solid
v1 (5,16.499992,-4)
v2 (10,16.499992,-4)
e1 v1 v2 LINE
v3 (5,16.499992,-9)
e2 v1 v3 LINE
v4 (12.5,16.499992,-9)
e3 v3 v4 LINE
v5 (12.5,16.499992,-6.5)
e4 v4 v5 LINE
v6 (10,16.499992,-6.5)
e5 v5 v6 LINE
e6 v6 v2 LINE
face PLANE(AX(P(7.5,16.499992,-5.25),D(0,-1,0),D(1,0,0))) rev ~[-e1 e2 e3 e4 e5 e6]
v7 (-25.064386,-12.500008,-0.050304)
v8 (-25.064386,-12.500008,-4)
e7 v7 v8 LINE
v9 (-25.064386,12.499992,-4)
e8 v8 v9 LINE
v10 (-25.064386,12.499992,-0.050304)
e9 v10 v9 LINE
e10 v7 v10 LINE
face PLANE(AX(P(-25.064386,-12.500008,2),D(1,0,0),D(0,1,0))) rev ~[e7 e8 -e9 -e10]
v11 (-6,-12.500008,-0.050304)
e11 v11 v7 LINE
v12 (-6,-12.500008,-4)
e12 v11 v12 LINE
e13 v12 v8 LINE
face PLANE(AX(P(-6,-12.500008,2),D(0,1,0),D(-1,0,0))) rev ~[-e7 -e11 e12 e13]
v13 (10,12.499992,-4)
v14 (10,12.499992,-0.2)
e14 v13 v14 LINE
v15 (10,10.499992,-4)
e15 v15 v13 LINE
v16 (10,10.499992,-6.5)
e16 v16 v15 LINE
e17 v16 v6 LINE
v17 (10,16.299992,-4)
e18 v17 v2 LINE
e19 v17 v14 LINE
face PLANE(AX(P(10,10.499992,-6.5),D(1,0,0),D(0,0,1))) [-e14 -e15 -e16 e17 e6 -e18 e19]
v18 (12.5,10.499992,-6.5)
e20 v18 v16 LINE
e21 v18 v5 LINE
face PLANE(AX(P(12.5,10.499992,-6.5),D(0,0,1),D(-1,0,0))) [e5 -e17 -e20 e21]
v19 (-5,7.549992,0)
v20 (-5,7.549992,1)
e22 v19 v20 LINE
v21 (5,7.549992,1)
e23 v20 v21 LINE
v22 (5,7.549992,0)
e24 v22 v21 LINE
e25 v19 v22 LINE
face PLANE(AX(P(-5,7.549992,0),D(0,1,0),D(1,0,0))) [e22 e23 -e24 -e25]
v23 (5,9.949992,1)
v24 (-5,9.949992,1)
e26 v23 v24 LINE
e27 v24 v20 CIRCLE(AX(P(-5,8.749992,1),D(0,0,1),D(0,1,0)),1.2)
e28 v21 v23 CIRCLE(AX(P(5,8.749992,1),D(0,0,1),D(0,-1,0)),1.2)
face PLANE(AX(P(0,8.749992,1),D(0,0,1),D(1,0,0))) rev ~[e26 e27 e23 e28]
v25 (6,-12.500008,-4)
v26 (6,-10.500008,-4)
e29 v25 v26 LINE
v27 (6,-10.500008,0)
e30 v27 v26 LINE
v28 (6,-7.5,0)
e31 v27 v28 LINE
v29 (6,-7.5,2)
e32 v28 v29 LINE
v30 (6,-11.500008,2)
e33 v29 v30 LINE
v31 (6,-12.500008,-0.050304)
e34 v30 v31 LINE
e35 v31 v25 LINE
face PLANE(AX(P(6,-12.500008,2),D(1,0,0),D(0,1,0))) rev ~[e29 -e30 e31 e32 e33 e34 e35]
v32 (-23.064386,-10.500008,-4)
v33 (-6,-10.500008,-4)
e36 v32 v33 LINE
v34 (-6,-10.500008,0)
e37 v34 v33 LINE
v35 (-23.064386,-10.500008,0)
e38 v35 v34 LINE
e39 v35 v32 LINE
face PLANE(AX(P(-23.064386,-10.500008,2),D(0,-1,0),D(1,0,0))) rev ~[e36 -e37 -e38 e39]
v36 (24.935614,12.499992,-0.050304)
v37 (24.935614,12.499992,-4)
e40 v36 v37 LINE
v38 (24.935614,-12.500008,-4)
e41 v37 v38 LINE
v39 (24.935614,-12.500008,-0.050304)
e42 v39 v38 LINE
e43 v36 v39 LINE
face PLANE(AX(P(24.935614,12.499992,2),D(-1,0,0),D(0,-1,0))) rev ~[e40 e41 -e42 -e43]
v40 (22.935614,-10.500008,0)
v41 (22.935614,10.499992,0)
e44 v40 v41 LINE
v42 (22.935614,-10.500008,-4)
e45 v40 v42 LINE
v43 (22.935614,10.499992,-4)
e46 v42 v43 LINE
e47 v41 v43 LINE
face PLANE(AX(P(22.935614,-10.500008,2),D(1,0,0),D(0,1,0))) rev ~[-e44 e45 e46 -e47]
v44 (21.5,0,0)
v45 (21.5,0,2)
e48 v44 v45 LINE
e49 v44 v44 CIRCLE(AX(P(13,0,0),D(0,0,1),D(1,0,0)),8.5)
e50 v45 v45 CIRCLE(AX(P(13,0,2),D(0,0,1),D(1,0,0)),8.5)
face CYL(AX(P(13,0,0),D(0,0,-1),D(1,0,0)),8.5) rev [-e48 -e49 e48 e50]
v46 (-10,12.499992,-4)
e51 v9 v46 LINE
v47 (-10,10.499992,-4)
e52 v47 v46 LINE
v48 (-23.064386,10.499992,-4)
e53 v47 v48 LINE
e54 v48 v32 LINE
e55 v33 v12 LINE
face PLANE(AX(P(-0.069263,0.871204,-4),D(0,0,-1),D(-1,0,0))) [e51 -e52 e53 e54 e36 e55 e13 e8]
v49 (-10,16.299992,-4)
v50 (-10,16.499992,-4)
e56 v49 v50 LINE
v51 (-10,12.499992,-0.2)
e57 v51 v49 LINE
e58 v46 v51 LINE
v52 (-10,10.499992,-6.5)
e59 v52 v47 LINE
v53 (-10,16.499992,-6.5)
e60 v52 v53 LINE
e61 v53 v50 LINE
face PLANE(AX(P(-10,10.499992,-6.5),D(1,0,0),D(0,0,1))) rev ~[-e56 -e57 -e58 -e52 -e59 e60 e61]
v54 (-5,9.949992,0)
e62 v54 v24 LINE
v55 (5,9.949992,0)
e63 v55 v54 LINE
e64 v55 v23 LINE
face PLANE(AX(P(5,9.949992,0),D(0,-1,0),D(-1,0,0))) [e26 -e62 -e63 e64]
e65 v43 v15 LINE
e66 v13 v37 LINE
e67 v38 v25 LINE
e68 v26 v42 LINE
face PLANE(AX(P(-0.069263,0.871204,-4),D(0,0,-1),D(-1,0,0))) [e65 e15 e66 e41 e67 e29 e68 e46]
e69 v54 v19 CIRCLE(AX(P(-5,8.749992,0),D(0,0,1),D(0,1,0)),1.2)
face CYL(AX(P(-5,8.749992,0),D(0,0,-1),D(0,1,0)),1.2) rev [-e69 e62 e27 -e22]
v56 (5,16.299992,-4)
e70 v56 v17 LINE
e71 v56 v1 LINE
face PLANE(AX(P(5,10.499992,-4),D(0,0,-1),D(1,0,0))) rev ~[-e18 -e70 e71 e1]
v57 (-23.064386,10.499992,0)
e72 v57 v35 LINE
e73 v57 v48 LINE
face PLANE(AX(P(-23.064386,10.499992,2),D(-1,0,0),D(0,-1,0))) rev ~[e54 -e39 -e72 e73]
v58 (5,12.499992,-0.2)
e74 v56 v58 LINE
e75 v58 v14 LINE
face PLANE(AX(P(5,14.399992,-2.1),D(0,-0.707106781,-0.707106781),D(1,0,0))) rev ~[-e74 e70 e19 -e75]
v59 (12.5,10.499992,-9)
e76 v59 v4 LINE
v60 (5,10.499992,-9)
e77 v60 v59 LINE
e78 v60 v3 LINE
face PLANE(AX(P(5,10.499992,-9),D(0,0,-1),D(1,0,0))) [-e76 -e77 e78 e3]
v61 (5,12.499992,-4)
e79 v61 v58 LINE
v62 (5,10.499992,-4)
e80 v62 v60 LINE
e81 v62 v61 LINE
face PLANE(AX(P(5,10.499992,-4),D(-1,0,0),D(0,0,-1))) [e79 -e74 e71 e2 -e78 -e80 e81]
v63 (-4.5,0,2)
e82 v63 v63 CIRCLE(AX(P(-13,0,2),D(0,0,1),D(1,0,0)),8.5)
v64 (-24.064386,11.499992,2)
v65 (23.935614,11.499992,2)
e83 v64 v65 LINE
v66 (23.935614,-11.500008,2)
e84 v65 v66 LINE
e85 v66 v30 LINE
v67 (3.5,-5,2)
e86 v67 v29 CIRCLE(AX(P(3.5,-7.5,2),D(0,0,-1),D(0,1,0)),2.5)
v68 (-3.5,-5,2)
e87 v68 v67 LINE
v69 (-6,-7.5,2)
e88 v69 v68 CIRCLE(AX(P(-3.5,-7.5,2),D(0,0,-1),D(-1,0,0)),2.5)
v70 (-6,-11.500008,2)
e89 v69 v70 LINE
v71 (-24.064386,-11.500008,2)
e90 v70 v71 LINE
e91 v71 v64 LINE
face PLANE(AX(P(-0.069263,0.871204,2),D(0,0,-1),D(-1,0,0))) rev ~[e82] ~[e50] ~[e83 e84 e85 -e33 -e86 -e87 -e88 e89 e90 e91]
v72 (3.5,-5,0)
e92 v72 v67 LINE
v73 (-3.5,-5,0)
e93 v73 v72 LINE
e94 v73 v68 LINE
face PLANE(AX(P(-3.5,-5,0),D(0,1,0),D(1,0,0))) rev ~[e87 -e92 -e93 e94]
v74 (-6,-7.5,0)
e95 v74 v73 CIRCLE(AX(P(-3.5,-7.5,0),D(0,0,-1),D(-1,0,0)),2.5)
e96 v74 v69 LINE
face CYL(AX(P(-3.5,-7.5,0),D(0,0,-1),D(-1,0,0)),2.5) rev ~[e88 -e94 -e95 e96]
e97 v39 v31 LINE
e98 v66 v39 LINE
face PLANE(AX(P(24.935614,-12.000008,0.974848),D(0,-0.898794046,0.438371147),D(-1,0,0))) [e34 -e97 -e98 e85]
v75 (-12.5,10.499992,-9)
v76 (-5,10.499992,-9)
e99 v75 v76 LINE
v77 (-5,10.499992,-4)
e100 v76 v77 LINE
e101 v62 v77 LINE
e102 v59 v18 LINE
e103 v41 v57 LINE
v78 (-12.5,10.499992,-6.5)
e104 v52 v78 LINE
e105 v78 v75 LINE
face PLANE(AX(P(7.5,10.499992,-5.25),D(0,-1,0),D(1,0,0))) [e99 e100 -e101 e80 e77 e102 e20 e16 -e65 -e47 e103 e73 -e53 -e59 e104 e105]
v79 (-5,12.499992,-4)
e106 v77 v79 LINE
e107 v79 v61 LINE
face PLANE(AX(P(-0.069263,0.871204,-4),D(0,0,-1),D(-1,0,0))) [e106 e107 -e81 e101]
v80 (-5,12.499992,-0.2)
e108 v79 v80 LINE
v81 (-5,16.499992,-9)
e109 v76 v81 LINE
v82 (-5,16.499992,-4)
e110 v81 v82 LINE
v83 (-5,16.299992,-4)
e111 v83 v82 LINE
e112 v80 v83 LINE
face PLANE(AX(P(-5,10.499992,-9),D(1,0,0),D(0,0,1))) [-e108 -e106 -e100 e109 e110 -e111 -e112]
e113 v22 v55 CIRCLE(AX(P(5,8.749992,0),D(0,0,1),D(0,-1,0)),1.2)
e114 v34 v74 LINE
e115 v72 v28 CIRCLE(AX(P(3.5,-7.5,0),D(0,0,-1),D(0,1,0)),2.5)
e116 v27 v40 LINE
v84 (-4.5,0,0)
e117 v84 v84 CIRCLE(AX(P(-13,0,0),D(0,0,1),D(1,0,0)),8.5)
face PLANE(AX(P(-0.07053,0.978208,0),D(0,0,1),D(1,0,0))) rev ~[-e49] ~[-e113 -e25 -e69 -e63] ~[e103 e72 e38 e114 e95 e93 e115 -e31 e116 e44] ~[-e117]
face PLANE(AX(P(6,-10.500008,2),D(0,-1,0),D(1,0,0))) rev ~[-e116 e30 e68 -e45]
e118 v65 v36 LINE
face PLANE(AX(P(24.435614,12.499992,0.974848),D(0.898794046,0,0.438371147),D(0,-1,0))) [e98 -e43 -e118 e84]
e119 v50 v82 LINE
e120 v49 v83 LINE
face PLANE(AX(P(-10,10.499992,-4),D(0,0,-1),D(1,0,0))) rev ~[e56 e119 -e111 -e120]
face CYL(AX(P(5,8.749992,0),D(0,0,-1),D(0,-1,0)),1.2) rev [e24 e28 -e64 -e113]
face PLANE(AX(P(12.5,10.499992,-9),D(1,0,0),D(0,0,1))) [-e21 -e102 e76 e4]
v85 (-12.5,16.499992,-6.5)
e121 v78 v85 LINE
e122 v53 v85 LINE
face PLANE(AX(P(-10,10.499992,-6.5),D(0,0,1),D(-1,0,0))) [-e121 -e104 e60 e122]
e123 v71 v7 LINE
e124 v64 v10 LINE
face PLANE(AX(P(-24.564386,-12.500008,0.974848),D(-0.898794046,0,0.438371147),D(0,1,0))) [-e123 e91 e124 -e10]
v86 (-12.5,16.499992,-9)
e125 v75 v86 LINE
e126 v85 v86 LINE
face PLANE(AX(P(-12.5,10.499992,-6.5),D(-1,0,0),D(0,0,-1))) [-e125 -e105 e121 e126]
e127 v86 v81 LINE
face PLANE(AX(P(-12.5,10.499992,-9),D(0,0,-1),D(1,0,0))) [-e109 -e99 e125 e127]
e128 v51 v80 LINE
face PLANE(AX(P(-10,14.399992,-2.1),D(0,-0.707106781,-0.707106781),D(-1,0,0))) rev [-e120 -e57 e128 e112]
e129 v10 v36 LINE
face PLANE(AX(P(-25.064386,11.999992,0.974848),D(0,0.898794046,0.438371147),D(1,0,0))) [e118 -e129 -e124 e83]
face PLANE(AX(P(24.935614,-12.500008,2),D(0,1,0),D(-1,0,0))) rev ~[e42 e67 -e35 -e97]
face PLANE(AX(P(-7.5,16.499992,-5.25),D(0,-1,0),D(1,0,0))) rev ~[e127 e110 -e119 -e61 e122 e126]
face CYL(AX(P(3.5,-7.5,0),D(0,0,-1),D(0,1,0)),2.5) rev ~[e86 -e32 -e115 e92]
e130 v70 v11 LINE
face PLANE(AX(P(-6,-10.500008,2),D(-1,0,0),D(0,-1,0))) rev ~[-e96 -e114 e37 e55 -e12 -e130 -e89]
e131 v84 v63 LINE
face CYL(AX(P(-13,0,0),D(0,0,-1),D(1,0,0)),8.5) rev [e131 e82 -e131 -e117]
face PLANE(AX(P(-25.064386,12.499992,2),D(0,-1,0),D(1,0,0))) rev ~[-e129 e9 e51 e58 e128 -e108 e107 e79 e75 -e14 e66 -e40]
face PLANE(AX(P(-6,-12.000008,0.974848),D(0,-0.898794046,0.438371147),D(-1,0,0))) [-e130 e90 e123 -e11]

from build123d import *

# Parameters (mm, degrees)
SKETCH1_R                = 8.5
BOSS_EXTRUDE1_DEPTH      = 2
BOSS_EXTRUDE2_DEPTH      = 4
BOSS_EXTRUDE2_DEPTH_BACK = 2
CHAMFER1_SIZE            = 1
CHAMFER1_SIZE2           = 2.050303842
CUT_EXTRUDE1_DEPTH       = 1
SKETCH5_W                = 5
SKETCH5_H                = 2.5
BOSS_EXTRUDE3_DEPTH      = 6
CHAMFER2_SIZE            = 3.8


with BuildPart() as part:
    # Sketch1 → Boss-Extrude1 (new body)
    # profile 1 of 2: a face of its own
    with BuildSketch(Plane.XY):
        with BuildLine():
            Line((-22.564385508, -10.000007952), (-6, -10.000007952))
            Line((-6, -10.000007952), (-6, -7.5))
            ThreePointArc((-6, -7.5), (-5.267766953, -5.732233047), (-3.5, -5))
            Line((-3.5, -5), (3.5, -5))
            ThreePointArc((3.5, -5), (5.267766953, -5.732233047), (6, -7.5))
            Line((6, -7.5), (6, -10.000007952))
            Line((6, -10.000007952), (22.435614492, -10.000007952))
            Line((22.435614492, -10.000007952), (22.435614492, 9.999992048))
            Line((22.435614492, 9.999992048), (-22.564385508, 9.999992048))
            Line((-22.564385508, 9.999992048), (-22.564385508, -10.000007952))
        make_face()
        with Locations((-13, 0)):
            Circle(SKETCH1_R, mode=Mode.SUBTRACT)
        with Locations((13, 0)):
            Circle(SKETCH1_R, mode=Mode.SUBTRACT)
    # profile 2 of 2: a face of its own
    with BuildSketch(Plane.XY):
        Polygon((-6, -10.500007952), (-6, -10.000007952), (-22.564385508, -10.000007952), (-22.564385508, 9.999992048), (22.435614492, 9.999992048), (22.435614492, -10.000007952), (6, -10.000007952), (6, -10.500007952), (22.935614492, -10.500007952), (22.935614492, 10.499992048), (-23.064385508, 10.499992048), (-23.064385508, -10.500007952), align=None)
    extrude(amount=BOSS_EXTRUDE1_DEPTH)

    # Sketch2 → Boss-Extrude2 (add, two sides: drawn at the far end of the back side and taken through both)
    with BuildSketch(Plane(origin=(0, 0, 0), x_dir=(-1, 0, 0), z_dir=(0, 0, -1)).offset(-BOSS_EXTRUDE2_DEPTH_BACK)):
        Polygon((6, -12.500007952), (25.064385508, -12.500007952), (25.064385508, 12.499992048), (-24.935614492, 12.499992048), (-24.935614492, -12.500007952), (-6, -12.500007952), (-6, -10.500007952), (-22.935614492, -10.500007952), (-22.935614492, 10.499992048), (23.064385508, 10.499992048), (23.064385508, -10.500007952), (6, -10.500007952), align=None)
    extrude(amount=BOSS_EXTRUDE2_DEPTH + BOSS_EXTRUDE2_DEPTH_BACK)

    # Chamfer1
    chamfer1_edges = [part.edges().sort_by_distance(p)[0] for p in [
        (-15.532192754, -12.500007952, 2),
        (-25.064385508, -7.952e-06, 2),
        (-0.064385508, 12.499992048, 2),
        (24.935614492, -7.952e-06, 2),
        (15.467807246, -12.500007952, 2),
    ]]
    chamfer1_side = [part.faces().sort_by_distance(p)[0] for p in [
        (-0.113559128, 1.090103523, 2),
    ]]
    chamfer(chamfer1_edges, length=CHAMFER1_SIZE, length2=CHAMFER1_SIZE2, reference=chamfer1_side[0])

    # Sketch3 → Cut-Extrude1 (cut)
    with BuildSketch(Plane(origin=(0, 0, 0), x_dir=(-1, 0, 0), z_dir=(0, 0, -1))):
        with BuildLine():
            Line((-5, 9.949992048), (5, 9.949992048))
            ThreePointArc((5, 9.949992048), (6.2, 8.749992048), (5, 7.549992048))
            Line((5, 7.549992048), (-5, 7.549992048))
            ThreePointArc((-5, 7.549992048), (-6.2, 8.749992048), (-5, 9.949992048))
        make_face()
    extrude(amount=-CUT_EXTRUDE1_DEPTH, mode=Mode.SUBTRACT)

    # Sketch5 → Boss-Extrude3 (add)
    with BuildSketch(Plane.XZ.offset(-10.499992048)):
        with Locations((7.5, -5.25)):
            Rectangle(SKETCH5_W, SKETCH5_H)
        Polygon((10, -6.5), (5, -6.5), (5, -9), (12.5, -9), (12.5, -6.5), align=None)
        with Locations((-7.5, -5.25)):
            Rectangle(SKETCH5_W, SKETCH5_H)
        Polygon((-5, -9), (-5, -6.5), (-10, -6.5), (-12.5, -6.5), (-12.5, -9), align=None)
    extrude(amount=-BOSS_EXTRUDE3_DEPTH)

    # Chamfer2
    chamfer2_edges = [part.edges().sort_by_distance(p)[0] for p in [
        (7.5, 12.499992048, -4),
        (-7.5, 12.499992048, -4),
    ]]
    chamfer(chamfer2_edges, length=CHAMFER2_SIZE)


solid = part.part
